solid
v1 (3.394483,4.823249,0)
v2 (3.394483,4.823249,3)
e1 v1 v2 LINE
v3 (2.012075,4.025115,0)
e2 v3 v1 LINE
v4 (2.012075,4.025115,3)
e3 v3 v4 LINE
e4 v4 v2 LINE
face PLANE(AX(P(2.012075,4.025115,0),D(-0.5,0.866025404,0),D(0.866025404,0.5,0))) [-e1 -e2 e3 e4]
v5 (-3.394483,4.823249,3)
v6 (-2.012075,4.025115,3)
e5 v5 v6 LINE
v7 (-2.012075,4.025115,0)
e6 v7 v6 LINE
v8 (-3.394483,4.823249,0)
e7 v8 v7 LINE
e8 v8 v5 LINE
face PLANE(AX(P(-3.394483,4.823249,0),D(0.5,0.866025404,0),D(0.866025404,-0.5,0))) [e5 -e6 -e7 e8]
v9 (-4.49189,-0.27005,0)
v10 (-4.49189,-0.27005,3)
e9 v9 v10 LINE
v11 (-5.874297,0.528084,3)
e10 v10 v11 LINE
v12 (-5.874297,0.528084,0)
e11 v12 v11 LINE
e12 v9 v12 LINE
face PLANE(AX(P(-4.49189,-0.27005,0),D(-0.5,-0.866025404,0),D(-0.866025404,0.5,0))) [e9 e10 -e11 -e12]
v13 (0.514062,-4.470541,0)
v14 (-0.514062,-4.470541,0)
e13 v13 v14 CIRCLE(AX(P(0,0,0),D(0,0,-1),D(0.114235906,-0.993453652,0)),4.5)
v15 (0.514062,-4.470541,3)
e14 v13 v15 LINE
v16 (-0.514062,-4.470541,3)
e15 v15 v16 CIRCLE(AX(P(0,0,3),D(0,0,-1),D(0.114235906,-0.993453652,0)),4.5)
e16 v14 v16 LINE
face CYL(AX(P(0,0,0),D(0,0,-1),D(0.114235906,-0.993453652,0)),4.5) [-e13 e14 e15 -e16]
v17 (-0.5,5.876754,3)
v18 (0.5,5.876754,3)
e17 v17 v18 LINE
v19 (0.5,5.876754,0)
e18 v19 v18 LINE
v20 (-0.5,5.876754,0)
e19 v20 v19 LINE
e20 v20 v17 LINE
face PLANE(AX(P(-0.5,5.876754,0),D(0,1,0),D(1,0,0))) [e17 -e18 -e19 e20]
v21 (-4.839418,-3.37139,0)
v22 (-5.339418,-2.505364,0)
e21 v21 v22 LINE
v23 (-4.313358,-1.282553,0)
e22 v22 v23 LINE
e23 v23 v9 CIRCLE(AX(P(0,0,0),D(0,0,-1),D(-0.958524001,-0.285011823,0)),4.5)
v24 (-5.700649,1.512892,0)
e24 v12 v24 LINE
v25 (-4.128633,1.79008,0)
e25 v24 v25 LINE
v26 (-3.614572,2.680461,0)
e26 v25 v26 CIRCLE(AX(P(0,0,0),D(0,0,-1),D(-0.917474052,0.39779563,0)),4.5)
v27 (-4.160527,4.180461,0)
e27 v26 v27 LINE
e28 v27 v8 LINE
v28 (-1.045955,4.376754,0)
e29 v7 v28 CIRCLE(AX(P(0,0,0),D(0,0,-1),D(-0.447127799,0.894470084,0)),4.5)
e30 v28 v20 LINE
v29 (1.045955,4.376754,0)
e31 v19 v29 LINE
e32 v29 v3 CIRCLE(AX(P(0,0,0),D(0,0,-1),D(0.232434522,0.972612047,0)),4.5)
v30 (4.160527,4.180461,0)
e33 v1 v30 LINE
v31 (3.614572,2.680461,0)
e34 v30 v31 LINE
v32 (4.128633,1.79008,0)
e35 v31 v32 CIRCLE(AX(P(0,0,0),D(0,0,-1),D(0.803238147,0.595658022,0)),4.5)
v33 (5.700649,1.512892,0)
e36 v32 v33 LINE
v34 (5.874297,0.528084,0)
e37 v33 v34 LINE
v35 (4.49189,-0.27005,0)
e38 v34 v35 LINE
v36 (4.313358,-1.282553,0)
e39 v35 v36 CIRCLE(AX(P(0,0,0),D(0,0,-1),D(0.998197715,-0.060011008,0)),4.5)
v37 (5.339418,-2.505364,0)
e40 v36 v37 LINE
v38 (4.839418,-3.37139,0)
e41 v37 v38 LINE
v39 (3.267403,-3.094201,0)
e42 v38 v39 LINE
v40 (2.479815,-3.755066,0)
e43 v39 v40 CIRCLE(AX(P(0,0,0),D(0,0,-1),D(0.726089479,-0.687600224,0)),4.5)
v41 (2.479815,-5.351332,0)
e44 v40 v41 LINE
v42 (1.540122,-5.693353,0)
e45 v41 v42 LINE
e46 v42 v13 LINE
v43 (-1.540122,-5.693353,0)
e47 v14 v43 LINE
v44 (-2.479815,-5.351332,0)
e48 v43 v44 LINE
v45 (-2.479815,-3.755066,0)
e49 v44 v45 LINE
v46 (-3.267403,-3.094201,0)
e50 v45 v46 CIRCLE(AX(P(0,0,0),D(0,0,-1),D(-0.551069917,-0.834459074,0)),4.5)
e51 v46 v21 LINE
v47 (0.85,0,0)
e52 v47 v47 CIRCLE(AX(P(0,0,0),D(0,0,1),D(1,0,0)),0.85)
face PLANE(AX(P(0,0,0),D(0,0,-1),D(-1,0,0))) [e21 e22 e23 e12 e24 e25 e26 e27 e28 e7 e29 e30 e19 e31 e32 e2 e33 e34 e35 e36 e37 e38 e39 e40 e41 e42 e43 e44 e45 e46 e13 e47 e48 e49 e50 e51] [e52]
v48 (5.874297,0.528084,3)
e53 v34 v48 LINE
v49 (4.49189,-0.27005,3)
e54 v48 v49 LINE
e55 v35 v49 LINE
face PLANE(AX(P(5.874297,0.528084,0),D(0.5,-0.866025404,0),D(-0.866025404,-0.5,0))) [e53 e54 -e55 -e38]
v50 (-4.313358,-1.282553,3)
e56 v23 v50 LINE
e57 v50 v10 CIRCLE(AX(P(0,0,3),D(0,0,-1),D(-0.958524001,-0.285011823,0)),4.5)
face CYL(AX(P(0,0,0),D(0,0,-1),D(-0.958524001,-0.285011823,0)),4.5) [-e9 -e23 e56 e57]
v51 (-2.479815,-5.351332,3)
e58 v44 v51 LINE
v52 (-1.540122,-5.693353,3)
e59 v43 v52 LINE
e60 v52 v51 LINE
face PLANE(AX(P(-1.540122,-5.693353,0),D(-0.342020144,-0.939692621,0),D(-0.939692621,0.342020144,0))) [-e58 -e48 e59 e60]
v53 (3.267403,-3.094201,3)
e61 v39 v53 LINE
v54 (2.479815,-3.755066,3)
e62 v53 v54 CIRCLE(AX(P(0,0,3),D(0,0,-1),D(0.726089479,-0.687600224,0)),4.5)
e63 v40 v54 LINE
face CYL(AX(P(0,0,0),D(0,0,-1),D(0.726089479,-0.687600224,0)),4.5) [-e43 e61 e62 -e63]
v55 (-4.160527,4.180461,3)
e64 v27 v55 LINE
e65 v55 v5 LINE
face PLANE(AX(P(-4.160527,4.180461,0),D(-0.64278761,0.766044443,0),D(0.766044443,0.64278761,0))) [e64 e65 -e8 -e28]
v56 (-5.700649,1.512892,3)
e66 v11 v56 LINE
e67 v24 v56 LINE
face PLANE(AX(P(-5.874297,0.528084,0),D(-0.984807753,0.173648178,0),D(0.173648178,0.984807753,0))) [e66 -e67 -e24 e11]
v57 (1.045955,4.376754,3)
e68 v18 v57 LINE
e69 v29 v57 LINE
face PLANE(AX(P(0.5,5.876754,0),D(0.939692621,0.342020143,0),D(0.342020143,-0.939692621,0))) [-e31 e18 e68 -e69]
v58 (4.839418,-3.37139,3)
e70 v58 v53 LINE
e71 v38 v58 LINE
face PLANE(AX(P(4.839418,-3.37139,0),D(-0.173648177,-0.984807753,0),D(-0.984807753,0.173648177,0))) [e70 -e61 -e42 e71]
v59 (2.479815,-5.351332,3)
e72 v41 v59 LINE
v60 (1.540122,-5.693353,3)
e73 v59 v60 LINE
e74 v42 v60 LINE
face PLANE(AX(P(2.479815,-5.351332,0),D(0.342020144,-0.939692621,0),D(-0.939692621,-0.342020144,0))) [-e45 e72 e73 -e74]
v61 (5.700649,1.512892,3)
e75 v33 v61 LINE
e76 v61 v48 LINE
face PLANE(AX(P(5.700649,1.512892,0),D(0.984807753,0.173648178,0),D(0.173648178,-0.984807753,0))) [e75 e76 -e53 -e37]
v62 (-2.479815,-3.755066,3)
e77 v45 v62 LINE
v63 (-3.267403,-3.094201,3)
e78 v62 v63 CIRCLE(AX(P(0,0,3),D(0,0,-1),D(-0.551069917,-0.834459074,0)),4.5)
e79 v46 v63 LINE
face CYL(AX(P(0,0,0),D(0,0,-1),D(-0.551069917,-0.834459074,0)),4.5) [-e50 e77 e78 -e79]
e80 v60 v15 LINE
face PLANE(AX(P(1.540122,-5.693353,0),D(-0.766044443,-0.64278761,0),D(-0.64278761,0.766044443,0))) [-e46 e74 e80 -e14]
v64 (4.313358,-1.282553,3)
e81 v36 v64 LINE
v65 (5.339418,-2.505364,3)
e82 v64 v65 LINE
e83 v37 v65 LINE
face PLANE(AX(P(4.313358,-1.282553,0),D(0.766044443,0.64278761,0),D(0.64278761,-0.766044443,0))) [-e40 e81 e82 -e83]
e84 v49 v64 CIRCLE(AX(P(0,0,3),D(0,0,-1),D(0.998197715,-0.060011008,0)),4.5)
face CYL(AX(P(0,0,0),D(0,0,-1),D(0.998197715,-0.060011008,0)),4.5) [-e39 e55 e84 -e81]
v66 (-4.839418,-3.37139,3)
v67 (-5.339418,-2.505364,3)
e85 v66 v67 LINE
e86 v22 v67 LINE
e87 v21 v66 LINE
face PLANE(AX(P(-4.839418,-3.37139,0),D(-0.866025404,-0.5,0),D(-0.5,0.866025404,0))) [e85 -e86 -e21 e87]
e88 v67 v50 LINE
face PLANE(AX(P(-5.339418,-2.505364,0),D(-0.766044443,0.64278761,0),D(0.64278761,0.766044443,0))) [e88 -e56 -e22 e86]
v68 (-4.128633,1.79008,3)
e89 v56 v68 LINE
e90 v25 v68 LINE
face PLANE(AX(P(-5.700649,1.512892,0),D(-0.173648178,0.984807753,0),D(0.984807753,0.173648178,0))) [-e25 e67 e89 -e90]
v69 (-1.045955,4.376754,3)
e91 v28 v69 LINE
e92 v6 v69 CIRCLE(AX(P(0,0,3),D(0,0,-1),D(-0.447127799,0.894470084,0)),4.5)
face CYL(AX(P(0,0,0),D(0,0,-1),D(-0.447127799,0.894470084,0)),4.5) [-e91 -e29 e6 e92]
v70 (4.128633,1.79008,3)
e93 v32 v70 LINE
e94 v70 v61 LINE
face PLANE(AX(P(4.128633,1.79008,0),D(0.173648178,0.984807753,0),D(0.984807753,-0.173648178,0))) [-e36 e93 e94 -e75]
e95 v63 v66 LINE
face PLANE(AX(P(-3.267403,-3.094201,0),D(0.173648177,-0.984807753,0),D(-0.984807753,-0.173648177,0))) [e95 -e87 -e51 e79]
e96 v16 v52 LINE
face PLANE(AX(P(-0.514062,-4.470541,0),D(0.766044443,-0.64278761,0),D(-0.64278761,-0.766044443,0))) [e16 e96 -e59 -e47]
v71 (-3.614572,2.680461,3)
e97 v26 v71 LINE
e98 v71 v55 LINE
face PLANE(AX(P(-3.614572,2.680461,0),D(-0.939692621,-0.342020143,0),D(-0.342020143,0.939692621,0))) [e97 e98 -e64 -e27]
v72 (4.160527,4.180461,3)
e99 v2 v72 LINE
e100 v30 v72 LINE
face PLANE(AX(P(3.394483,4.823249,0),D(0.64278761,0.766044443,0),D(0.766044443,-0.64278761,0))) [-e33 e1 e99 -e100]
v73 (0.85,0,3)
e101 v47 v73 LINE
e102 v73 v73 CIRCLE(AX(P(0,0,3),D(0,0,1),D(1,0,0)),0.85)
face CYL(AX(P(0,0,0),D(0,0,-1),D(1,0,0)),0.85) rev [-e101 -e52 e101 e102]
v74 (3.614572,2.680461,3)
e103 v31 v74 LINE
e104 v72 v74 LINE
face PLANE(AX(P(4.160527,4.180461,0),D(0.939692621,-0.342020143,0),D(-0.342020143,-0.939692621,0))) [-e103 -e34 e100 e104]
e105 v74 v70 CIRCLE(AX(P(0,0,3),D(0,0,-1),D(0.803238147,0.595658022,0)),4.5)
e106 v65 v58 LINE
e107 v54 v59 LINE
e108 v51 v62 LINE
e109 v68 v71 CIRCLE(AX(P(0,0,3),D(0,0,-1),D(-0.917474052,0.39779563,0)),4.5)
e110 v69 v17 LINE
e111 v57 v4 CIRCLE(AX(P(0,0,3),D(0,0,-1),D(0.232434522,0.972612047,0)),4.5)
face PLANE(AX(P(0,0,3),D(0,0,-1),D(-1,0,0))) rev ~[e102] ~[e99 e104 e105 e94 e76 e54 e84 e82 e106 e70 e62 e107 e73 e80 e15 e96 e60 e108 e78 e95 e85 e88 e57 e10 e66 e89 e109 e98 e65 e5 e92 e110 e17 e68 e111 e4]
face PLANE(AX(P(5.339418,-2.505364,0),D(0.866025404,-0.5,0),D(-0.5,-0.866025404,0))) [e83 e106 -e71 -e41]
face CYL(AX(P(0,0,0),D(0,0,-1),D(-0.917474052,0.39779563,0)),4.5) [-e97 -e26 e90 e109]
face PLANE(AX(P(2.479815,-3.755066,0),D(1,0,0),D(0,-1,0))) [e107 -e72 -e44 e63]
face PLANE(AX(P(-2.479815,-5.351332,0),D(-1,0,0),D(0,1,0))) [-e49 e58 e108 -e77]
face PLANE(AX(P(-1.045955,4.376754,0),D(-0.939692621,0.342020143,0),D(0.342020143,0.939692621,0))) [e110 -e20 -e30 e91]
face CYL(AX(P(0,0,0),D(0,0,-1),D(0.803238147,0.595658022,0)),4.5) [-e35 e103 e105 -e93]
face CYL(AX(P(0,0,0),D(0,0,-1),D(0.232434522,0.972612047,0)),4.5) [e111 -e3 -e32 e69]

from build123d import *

# Parameters (mm, degrees)
SKETCH1_R           = 0.85
BOSS_EXTRUDE1_DEPTH = 3


with BuildPart() as part:
    # Sketch1 → Boss-Extrude1 (new body)
    with BuildSketch(Plane.XY):
        with BuildLine():
            Line((2.012075091, 4.025115381), (3.394482569, 4.82324871))
            Line((3.394482569, 4.82324871), (4.160527012, 4.1804611))
            Line((4.160527012, 4.1804611), (3.614571661, 2.6804611))
            ThreePointArc((3.614571661, 2.6804611), (3.897114317, 2.25), (4.128633237, 1.790080332))
            Line((4.128633237, 1.790080332), (5.700649018, 1.512891535))
            Line((5.700649018, 1.512891535), (5.874297196, 0.528083782))
            Line((5.874297196, 0.528083782), (4.491889718, -0.270049547))
            ThreePointArc((4.491889718, -0.270049547), (4.431634889, -0.7814168), (4.313358007, -1.282553199))
            Line((4.313358007, -1.282553199), (5.339418436, -2.505364402))
            Line((5.339418436, -2.505364402), (4.839418436, -3.371389806))
            Line((4.839418436, -3.371389806), (3.267402655, -3.09420101))
            ThreePointArc((3.267402655, -3.09420101), (2.892544244, -3.447199994), (2.479814627, -3.755065834))
            Line((2.479814627, -3.755065834), (2.479814627, -5.351332492))
            Line((2.479814627, -5.351332492), (1.540122006, -5.693352636))
            Line((1.540122006, -5.693352636), (0.514061576, -4.470541432))
            ThreePointArc((0.514061576, -4.470541432), (0, -4.5), (-0.514061576, -4.470541432))
            Line((-0.514061576, -4.470541432), (-1.540122006, -5.693352636))
            Line((-1.540122006, -5.693352636), (-2.479814627, -5.351332492))
            Line((-2.479814627, -5.351332492), (-2.479814627, -3.755065834))
            ThreePointArc((-2.479814627, -3.755065834), (-2.892544244, -3.447199994), (-3.267402655, -3.09420101))
            Line((-3.267402655, -3.09420101), (-4.839418436, -3.371389806))
            Line((-4.839418436, -3.371389806), (-5.339418436, -2.505364402))
            Line((-5.339418436, -2.505364402), (-4.313358007, -1.282553199))
            ThreePointArc((-4.313358007, -1.282553199), (-4.431634889, -0.7814168), (-4.491889718, -0.270049547))
            Line((-4.491889718, -0.270049547), (-5.874297196, 0.528083782))
            Line((-5.874297196, 0.528083782), (-5.700649018, 1.512891535))
            Line((-5.700649018, 1.512891535), (-4.128633237, 1.790080332))
            ThreePointArc((-4.128633237, 1.790080332), (-3.897114317, 2.25), (-3.614571661, 2.6804611))
            Line((-3.614571661, 2.6804611), (-4.160527012, 4.1804611))
            Line((-4.160527012, 4.1804611), (-3.394482569, 4.82324871))
            Line((-3.394482569, 4.82324871), (-2.012075091, 4.025115381))
            ThreePointArc((-2.012075091, 4.025115381), (-1.539090645, 4.228616794), (-1.045955351, 4.376754209))
            Line((-1.045955351, 4.376754209), (-0.5, 5.876754209))
            Line((-0.5, 5.876754209), (0.5, 5.876754209))
            Line((0.5, 5.876754209), (1.045955351, 4.376754209))
            ThreePointArc((1.045955351, 4.376754209), (1.539090645, 4.228616794), (2.012075091, 4.025115381))
        make_face()
        Circle(SKETCH1_R, mode=Mode.SUBTRACT)
    extrude(amount=BOSS_EXTRUDE1_DEPTH)


solid = part.part
